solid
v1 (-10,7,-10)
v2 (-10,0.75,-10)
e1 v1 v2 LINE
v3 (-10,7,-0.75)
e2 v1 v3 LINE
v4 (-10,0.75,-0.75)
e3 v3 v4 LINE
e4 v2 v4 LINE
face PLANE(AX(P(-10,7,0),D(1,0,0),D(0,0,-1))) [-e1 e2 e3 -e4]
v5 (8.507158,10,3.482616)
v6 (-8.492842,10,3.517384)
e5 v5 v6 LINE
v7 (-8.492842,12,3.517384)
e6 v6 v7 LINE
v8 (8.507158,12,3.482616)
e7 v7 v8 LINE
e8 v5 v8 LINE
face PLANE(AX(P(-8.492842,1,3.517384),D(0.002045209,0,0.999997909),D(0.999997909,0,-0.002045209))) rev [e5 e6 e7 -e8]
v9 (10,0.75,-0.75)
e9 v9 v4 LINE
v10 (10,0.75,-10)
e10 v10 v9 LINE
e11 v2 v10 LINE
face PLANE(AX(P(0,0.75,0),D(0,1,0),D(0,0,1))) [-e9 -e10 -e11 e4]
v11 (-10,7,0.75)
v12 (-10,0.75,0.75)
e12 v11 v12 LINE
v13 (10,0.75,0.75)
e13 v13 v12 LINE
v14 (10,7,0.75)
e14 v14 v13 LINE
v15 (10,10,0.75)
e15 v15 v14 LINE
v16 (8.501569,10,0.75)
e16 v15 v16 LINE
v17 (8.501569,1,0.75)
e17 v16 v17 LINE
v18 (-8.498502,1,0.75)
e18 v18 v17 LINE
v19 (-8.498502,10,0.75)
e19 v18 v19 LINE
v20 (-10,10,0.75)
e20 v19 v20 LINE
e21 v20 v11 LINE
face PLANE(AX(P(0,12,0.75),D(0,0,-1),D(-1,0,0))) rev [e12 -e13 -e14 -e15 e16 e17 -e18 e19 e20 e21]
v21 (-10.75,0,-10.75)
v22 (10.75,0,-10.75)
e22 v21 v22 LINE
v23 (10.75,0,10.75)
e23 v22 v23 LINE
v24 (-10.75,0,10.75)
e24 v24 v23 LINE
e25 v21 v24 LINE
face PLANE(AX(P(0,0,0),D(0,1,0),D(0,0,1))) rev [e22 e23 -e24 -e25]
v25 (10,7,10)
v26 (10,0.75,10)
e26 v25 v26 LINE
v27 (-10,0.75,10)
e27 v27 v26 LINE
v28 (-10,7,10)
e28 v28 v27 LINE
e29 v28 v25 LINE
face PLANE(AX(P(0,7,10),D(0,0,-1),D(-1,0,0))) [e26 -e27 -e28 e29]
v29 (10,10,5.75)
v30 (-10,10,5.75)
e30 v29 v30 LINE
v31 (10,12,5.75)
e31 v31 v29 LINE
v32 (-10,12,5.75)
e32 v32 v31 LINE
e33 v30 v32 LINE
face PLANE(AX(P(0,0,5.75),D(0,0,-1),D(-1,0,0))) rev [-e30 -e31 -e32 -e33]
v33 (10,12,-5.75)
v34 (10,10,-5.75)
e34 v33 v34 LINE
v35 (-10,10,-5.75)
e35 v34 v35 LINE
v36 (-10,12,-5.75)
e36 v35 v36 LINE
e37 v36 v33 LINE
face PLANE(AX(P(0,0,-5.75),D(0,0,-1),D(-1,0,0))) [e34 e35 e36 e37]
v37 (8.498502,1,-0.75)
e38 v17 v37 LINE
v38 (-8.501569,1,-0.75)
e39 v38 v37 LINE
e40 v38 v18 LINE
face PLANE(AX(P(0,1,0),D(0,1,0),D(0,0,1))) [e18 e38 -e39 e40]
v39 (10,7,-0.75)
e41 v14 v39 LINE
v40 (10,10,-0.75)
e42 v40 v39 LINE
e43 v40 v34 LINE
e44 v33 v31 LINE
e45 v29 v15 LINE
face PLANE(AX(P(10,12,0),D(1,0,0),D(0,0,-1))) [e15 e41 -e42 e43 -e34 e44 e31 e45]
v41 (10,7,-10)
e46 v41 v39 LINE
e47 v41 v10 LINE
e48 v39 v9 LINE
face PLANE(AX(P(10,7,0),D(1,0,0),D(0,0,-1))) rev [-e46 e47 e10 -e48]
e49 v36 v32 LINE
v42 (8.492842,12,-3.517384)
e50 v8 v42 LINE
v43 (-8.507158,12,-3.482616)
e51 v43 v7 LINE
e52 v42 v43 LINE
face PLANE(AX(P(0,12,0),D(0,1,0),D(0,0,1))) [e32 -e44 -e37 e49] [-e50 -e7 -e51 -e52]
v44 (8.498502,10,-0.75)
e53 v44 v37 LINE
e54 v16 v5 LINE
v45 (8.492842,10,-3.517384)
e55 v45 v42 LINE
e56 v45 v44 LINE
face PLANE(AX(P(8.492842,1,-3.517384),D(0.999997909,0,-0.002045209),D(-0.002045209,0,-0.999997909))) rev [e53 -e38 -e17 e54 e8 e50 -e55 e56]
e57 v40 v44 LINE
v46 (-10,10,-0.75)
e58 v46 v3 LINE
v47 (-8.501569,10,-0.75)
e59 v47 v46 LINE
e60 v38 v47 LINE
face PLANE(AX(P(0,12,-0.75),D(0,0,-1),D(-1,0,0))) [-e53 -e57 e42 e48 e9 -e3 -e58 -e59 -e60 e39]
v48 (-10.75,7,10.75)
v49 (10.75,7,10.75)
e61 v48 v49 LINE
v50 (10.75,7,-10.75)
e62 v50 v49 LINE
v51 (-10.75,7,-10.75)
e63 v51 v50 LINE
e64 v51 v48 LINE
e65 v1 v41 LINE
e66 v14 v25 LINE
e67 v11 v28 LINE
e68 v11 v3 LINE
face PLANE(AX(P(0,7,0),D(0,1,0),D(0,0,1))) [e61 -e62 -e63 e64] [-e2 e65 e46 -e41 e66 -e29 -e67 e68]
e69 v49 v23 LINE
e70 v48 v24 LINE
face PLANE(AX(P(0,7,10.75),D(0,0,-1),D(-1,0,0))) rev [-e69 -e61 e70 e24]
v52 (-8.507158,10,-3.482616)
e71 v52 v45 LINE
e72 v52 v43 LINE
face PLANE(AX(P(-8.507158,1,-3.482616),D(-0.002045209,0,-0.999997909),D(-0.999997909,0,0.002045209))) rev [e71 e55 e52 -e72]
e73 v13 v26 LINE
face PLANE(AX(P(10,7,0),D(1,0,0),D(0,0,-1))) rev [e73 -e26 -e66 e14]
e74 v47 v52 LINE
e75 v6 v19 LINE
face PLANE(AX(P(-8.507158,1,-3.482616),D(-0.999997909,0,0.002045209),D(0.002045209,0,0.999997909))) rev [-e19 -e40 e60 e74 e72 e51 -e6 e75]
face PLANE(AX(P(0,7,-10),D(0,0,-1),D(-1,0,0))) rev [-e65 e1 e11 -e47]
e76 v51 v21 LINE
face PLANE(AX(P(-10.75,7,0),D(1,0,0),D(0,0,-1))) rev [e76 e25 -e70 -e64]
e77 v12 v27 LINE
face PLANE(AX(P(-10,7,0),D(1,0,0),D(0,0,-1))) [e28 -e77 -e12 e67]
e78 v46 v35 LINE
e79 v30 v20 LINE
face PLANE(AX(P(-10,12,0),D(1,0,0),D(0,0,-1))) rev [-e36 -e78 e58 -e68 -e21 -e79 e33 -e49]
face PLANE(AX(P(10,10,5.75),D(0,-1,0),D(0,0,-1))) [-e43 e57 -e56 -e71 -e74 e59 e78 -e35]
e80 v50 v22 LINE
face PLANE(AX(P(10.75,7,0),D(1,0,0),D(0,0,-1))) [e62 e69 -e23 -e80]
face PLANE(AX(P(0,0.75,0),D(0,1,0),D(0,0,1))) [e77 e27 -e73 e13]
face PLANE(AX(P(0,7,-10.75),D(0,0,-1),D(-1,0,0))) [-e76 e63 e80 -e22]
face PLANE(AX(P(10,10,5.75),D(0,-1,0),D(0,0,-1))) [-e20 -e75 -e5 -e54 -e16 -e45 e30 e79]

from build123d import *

# Parameters (mm, degrees)
SKETCH1_W                = 21.5
SKETCH1_H                = 21.5
BOSS_EXTRUDE1_DEPTH      = 7
SKETCH1_3_W              = 20
SKETCH1_3_H              = 20
BOSS_EXTRUDE2_DEPTH      = 0.75
SKETCH1_4_W              = 20
SKETCH1_4_H              = 1.5
BOSS_EXTRUDE3_DEPTH      = 12
BOSS_EXTRUDE4_DEPTH      = 5
BOSS_EXTRUDE4_DEPTH_BACK = 6.5
SKETCH3_W                = 20
SKETCH3_H                = 2
CUT_EXTRUDE1_DEPTH       = 11


with BuildPart() as part:
    # Sketch1 → Boss-Extrude1 (new body)
    with BuildSketch(Plane(origin=(0, 0, 0), x_dir=(1, 0, 0), z_dir=(0, 1, 0))):
        Rectangle(SKETCH1_W, SKETCH1_H)
        Polygon((-10, 0.75), (-10, 10), (10, 10), (10, 0.75), (10, -0.75), (10, -10), (-10, -10), (-10, -0.75), align=None, mode=Mode.SUBTRACT)
    extrude(amount=BOSS_EXTRUDE1_DEPTH)

    # Sketch1<3> → Boss-Extrude2 (add)
    with BuildSketch(Plane(origin=(0, 0, 0), x_dir=(1, 0, 0), z_dir=(0, 1, 0))):
        Rectangle(SKETCH1_3_W, SKETCH1_3_H)
    extrude(amount=BOSS_EXTRUDE2_DEPTH)

    # Sketch1<4> → Boss-Extrude3 (add)
    with BuildSketch(Plane(origin=(0, 0, 0), x_dir=(1, 0, 0), z_dir=(0, 1, 0))):
        Rectangle(SKETCH1_4_W, SKETCH1_4_H)
    extrude(amount=BOSS_EXTRUDE3_DEPTH)

    # Sketch3 → Boss-Extrude4 (add, two sides: drawn at the far end of the back side and taken through both)
    with BuildSketch(Plane(origin=(0, 0, -0.75), x_dir=(-1, 0, 0), z_dir=(0, 0, -1)).offset(-BOSS_EXTRUDE4_DEPTH_BACK)):
        with Locations((0, 11)):
            Rectangle(SKETCH3_W, SKETCH3_H)
    extrude(amount=BOSS_EXTRUDE4_DEPTH + BOSS_EXTRUDE4_DEPTH_BACK)

    # Sketch4 → Cut-Extrude1 (cut)
    with BuildSketch(Plane(origin=(0, 12, 0), x_dir=(1, 0, 0), z_dir=(0, 1, 0))):
        Polygon((-8.507158245, 3.482615691), (8.492841755, 3.517384309), (8.507158245, -3.482615691), (-8.492841755, -3.517384309), align=None)
    extrude(amount=-CUT_EXTRUDE1_DEPTH, mode=Mode.SUBTRACT)


solid = part.part
